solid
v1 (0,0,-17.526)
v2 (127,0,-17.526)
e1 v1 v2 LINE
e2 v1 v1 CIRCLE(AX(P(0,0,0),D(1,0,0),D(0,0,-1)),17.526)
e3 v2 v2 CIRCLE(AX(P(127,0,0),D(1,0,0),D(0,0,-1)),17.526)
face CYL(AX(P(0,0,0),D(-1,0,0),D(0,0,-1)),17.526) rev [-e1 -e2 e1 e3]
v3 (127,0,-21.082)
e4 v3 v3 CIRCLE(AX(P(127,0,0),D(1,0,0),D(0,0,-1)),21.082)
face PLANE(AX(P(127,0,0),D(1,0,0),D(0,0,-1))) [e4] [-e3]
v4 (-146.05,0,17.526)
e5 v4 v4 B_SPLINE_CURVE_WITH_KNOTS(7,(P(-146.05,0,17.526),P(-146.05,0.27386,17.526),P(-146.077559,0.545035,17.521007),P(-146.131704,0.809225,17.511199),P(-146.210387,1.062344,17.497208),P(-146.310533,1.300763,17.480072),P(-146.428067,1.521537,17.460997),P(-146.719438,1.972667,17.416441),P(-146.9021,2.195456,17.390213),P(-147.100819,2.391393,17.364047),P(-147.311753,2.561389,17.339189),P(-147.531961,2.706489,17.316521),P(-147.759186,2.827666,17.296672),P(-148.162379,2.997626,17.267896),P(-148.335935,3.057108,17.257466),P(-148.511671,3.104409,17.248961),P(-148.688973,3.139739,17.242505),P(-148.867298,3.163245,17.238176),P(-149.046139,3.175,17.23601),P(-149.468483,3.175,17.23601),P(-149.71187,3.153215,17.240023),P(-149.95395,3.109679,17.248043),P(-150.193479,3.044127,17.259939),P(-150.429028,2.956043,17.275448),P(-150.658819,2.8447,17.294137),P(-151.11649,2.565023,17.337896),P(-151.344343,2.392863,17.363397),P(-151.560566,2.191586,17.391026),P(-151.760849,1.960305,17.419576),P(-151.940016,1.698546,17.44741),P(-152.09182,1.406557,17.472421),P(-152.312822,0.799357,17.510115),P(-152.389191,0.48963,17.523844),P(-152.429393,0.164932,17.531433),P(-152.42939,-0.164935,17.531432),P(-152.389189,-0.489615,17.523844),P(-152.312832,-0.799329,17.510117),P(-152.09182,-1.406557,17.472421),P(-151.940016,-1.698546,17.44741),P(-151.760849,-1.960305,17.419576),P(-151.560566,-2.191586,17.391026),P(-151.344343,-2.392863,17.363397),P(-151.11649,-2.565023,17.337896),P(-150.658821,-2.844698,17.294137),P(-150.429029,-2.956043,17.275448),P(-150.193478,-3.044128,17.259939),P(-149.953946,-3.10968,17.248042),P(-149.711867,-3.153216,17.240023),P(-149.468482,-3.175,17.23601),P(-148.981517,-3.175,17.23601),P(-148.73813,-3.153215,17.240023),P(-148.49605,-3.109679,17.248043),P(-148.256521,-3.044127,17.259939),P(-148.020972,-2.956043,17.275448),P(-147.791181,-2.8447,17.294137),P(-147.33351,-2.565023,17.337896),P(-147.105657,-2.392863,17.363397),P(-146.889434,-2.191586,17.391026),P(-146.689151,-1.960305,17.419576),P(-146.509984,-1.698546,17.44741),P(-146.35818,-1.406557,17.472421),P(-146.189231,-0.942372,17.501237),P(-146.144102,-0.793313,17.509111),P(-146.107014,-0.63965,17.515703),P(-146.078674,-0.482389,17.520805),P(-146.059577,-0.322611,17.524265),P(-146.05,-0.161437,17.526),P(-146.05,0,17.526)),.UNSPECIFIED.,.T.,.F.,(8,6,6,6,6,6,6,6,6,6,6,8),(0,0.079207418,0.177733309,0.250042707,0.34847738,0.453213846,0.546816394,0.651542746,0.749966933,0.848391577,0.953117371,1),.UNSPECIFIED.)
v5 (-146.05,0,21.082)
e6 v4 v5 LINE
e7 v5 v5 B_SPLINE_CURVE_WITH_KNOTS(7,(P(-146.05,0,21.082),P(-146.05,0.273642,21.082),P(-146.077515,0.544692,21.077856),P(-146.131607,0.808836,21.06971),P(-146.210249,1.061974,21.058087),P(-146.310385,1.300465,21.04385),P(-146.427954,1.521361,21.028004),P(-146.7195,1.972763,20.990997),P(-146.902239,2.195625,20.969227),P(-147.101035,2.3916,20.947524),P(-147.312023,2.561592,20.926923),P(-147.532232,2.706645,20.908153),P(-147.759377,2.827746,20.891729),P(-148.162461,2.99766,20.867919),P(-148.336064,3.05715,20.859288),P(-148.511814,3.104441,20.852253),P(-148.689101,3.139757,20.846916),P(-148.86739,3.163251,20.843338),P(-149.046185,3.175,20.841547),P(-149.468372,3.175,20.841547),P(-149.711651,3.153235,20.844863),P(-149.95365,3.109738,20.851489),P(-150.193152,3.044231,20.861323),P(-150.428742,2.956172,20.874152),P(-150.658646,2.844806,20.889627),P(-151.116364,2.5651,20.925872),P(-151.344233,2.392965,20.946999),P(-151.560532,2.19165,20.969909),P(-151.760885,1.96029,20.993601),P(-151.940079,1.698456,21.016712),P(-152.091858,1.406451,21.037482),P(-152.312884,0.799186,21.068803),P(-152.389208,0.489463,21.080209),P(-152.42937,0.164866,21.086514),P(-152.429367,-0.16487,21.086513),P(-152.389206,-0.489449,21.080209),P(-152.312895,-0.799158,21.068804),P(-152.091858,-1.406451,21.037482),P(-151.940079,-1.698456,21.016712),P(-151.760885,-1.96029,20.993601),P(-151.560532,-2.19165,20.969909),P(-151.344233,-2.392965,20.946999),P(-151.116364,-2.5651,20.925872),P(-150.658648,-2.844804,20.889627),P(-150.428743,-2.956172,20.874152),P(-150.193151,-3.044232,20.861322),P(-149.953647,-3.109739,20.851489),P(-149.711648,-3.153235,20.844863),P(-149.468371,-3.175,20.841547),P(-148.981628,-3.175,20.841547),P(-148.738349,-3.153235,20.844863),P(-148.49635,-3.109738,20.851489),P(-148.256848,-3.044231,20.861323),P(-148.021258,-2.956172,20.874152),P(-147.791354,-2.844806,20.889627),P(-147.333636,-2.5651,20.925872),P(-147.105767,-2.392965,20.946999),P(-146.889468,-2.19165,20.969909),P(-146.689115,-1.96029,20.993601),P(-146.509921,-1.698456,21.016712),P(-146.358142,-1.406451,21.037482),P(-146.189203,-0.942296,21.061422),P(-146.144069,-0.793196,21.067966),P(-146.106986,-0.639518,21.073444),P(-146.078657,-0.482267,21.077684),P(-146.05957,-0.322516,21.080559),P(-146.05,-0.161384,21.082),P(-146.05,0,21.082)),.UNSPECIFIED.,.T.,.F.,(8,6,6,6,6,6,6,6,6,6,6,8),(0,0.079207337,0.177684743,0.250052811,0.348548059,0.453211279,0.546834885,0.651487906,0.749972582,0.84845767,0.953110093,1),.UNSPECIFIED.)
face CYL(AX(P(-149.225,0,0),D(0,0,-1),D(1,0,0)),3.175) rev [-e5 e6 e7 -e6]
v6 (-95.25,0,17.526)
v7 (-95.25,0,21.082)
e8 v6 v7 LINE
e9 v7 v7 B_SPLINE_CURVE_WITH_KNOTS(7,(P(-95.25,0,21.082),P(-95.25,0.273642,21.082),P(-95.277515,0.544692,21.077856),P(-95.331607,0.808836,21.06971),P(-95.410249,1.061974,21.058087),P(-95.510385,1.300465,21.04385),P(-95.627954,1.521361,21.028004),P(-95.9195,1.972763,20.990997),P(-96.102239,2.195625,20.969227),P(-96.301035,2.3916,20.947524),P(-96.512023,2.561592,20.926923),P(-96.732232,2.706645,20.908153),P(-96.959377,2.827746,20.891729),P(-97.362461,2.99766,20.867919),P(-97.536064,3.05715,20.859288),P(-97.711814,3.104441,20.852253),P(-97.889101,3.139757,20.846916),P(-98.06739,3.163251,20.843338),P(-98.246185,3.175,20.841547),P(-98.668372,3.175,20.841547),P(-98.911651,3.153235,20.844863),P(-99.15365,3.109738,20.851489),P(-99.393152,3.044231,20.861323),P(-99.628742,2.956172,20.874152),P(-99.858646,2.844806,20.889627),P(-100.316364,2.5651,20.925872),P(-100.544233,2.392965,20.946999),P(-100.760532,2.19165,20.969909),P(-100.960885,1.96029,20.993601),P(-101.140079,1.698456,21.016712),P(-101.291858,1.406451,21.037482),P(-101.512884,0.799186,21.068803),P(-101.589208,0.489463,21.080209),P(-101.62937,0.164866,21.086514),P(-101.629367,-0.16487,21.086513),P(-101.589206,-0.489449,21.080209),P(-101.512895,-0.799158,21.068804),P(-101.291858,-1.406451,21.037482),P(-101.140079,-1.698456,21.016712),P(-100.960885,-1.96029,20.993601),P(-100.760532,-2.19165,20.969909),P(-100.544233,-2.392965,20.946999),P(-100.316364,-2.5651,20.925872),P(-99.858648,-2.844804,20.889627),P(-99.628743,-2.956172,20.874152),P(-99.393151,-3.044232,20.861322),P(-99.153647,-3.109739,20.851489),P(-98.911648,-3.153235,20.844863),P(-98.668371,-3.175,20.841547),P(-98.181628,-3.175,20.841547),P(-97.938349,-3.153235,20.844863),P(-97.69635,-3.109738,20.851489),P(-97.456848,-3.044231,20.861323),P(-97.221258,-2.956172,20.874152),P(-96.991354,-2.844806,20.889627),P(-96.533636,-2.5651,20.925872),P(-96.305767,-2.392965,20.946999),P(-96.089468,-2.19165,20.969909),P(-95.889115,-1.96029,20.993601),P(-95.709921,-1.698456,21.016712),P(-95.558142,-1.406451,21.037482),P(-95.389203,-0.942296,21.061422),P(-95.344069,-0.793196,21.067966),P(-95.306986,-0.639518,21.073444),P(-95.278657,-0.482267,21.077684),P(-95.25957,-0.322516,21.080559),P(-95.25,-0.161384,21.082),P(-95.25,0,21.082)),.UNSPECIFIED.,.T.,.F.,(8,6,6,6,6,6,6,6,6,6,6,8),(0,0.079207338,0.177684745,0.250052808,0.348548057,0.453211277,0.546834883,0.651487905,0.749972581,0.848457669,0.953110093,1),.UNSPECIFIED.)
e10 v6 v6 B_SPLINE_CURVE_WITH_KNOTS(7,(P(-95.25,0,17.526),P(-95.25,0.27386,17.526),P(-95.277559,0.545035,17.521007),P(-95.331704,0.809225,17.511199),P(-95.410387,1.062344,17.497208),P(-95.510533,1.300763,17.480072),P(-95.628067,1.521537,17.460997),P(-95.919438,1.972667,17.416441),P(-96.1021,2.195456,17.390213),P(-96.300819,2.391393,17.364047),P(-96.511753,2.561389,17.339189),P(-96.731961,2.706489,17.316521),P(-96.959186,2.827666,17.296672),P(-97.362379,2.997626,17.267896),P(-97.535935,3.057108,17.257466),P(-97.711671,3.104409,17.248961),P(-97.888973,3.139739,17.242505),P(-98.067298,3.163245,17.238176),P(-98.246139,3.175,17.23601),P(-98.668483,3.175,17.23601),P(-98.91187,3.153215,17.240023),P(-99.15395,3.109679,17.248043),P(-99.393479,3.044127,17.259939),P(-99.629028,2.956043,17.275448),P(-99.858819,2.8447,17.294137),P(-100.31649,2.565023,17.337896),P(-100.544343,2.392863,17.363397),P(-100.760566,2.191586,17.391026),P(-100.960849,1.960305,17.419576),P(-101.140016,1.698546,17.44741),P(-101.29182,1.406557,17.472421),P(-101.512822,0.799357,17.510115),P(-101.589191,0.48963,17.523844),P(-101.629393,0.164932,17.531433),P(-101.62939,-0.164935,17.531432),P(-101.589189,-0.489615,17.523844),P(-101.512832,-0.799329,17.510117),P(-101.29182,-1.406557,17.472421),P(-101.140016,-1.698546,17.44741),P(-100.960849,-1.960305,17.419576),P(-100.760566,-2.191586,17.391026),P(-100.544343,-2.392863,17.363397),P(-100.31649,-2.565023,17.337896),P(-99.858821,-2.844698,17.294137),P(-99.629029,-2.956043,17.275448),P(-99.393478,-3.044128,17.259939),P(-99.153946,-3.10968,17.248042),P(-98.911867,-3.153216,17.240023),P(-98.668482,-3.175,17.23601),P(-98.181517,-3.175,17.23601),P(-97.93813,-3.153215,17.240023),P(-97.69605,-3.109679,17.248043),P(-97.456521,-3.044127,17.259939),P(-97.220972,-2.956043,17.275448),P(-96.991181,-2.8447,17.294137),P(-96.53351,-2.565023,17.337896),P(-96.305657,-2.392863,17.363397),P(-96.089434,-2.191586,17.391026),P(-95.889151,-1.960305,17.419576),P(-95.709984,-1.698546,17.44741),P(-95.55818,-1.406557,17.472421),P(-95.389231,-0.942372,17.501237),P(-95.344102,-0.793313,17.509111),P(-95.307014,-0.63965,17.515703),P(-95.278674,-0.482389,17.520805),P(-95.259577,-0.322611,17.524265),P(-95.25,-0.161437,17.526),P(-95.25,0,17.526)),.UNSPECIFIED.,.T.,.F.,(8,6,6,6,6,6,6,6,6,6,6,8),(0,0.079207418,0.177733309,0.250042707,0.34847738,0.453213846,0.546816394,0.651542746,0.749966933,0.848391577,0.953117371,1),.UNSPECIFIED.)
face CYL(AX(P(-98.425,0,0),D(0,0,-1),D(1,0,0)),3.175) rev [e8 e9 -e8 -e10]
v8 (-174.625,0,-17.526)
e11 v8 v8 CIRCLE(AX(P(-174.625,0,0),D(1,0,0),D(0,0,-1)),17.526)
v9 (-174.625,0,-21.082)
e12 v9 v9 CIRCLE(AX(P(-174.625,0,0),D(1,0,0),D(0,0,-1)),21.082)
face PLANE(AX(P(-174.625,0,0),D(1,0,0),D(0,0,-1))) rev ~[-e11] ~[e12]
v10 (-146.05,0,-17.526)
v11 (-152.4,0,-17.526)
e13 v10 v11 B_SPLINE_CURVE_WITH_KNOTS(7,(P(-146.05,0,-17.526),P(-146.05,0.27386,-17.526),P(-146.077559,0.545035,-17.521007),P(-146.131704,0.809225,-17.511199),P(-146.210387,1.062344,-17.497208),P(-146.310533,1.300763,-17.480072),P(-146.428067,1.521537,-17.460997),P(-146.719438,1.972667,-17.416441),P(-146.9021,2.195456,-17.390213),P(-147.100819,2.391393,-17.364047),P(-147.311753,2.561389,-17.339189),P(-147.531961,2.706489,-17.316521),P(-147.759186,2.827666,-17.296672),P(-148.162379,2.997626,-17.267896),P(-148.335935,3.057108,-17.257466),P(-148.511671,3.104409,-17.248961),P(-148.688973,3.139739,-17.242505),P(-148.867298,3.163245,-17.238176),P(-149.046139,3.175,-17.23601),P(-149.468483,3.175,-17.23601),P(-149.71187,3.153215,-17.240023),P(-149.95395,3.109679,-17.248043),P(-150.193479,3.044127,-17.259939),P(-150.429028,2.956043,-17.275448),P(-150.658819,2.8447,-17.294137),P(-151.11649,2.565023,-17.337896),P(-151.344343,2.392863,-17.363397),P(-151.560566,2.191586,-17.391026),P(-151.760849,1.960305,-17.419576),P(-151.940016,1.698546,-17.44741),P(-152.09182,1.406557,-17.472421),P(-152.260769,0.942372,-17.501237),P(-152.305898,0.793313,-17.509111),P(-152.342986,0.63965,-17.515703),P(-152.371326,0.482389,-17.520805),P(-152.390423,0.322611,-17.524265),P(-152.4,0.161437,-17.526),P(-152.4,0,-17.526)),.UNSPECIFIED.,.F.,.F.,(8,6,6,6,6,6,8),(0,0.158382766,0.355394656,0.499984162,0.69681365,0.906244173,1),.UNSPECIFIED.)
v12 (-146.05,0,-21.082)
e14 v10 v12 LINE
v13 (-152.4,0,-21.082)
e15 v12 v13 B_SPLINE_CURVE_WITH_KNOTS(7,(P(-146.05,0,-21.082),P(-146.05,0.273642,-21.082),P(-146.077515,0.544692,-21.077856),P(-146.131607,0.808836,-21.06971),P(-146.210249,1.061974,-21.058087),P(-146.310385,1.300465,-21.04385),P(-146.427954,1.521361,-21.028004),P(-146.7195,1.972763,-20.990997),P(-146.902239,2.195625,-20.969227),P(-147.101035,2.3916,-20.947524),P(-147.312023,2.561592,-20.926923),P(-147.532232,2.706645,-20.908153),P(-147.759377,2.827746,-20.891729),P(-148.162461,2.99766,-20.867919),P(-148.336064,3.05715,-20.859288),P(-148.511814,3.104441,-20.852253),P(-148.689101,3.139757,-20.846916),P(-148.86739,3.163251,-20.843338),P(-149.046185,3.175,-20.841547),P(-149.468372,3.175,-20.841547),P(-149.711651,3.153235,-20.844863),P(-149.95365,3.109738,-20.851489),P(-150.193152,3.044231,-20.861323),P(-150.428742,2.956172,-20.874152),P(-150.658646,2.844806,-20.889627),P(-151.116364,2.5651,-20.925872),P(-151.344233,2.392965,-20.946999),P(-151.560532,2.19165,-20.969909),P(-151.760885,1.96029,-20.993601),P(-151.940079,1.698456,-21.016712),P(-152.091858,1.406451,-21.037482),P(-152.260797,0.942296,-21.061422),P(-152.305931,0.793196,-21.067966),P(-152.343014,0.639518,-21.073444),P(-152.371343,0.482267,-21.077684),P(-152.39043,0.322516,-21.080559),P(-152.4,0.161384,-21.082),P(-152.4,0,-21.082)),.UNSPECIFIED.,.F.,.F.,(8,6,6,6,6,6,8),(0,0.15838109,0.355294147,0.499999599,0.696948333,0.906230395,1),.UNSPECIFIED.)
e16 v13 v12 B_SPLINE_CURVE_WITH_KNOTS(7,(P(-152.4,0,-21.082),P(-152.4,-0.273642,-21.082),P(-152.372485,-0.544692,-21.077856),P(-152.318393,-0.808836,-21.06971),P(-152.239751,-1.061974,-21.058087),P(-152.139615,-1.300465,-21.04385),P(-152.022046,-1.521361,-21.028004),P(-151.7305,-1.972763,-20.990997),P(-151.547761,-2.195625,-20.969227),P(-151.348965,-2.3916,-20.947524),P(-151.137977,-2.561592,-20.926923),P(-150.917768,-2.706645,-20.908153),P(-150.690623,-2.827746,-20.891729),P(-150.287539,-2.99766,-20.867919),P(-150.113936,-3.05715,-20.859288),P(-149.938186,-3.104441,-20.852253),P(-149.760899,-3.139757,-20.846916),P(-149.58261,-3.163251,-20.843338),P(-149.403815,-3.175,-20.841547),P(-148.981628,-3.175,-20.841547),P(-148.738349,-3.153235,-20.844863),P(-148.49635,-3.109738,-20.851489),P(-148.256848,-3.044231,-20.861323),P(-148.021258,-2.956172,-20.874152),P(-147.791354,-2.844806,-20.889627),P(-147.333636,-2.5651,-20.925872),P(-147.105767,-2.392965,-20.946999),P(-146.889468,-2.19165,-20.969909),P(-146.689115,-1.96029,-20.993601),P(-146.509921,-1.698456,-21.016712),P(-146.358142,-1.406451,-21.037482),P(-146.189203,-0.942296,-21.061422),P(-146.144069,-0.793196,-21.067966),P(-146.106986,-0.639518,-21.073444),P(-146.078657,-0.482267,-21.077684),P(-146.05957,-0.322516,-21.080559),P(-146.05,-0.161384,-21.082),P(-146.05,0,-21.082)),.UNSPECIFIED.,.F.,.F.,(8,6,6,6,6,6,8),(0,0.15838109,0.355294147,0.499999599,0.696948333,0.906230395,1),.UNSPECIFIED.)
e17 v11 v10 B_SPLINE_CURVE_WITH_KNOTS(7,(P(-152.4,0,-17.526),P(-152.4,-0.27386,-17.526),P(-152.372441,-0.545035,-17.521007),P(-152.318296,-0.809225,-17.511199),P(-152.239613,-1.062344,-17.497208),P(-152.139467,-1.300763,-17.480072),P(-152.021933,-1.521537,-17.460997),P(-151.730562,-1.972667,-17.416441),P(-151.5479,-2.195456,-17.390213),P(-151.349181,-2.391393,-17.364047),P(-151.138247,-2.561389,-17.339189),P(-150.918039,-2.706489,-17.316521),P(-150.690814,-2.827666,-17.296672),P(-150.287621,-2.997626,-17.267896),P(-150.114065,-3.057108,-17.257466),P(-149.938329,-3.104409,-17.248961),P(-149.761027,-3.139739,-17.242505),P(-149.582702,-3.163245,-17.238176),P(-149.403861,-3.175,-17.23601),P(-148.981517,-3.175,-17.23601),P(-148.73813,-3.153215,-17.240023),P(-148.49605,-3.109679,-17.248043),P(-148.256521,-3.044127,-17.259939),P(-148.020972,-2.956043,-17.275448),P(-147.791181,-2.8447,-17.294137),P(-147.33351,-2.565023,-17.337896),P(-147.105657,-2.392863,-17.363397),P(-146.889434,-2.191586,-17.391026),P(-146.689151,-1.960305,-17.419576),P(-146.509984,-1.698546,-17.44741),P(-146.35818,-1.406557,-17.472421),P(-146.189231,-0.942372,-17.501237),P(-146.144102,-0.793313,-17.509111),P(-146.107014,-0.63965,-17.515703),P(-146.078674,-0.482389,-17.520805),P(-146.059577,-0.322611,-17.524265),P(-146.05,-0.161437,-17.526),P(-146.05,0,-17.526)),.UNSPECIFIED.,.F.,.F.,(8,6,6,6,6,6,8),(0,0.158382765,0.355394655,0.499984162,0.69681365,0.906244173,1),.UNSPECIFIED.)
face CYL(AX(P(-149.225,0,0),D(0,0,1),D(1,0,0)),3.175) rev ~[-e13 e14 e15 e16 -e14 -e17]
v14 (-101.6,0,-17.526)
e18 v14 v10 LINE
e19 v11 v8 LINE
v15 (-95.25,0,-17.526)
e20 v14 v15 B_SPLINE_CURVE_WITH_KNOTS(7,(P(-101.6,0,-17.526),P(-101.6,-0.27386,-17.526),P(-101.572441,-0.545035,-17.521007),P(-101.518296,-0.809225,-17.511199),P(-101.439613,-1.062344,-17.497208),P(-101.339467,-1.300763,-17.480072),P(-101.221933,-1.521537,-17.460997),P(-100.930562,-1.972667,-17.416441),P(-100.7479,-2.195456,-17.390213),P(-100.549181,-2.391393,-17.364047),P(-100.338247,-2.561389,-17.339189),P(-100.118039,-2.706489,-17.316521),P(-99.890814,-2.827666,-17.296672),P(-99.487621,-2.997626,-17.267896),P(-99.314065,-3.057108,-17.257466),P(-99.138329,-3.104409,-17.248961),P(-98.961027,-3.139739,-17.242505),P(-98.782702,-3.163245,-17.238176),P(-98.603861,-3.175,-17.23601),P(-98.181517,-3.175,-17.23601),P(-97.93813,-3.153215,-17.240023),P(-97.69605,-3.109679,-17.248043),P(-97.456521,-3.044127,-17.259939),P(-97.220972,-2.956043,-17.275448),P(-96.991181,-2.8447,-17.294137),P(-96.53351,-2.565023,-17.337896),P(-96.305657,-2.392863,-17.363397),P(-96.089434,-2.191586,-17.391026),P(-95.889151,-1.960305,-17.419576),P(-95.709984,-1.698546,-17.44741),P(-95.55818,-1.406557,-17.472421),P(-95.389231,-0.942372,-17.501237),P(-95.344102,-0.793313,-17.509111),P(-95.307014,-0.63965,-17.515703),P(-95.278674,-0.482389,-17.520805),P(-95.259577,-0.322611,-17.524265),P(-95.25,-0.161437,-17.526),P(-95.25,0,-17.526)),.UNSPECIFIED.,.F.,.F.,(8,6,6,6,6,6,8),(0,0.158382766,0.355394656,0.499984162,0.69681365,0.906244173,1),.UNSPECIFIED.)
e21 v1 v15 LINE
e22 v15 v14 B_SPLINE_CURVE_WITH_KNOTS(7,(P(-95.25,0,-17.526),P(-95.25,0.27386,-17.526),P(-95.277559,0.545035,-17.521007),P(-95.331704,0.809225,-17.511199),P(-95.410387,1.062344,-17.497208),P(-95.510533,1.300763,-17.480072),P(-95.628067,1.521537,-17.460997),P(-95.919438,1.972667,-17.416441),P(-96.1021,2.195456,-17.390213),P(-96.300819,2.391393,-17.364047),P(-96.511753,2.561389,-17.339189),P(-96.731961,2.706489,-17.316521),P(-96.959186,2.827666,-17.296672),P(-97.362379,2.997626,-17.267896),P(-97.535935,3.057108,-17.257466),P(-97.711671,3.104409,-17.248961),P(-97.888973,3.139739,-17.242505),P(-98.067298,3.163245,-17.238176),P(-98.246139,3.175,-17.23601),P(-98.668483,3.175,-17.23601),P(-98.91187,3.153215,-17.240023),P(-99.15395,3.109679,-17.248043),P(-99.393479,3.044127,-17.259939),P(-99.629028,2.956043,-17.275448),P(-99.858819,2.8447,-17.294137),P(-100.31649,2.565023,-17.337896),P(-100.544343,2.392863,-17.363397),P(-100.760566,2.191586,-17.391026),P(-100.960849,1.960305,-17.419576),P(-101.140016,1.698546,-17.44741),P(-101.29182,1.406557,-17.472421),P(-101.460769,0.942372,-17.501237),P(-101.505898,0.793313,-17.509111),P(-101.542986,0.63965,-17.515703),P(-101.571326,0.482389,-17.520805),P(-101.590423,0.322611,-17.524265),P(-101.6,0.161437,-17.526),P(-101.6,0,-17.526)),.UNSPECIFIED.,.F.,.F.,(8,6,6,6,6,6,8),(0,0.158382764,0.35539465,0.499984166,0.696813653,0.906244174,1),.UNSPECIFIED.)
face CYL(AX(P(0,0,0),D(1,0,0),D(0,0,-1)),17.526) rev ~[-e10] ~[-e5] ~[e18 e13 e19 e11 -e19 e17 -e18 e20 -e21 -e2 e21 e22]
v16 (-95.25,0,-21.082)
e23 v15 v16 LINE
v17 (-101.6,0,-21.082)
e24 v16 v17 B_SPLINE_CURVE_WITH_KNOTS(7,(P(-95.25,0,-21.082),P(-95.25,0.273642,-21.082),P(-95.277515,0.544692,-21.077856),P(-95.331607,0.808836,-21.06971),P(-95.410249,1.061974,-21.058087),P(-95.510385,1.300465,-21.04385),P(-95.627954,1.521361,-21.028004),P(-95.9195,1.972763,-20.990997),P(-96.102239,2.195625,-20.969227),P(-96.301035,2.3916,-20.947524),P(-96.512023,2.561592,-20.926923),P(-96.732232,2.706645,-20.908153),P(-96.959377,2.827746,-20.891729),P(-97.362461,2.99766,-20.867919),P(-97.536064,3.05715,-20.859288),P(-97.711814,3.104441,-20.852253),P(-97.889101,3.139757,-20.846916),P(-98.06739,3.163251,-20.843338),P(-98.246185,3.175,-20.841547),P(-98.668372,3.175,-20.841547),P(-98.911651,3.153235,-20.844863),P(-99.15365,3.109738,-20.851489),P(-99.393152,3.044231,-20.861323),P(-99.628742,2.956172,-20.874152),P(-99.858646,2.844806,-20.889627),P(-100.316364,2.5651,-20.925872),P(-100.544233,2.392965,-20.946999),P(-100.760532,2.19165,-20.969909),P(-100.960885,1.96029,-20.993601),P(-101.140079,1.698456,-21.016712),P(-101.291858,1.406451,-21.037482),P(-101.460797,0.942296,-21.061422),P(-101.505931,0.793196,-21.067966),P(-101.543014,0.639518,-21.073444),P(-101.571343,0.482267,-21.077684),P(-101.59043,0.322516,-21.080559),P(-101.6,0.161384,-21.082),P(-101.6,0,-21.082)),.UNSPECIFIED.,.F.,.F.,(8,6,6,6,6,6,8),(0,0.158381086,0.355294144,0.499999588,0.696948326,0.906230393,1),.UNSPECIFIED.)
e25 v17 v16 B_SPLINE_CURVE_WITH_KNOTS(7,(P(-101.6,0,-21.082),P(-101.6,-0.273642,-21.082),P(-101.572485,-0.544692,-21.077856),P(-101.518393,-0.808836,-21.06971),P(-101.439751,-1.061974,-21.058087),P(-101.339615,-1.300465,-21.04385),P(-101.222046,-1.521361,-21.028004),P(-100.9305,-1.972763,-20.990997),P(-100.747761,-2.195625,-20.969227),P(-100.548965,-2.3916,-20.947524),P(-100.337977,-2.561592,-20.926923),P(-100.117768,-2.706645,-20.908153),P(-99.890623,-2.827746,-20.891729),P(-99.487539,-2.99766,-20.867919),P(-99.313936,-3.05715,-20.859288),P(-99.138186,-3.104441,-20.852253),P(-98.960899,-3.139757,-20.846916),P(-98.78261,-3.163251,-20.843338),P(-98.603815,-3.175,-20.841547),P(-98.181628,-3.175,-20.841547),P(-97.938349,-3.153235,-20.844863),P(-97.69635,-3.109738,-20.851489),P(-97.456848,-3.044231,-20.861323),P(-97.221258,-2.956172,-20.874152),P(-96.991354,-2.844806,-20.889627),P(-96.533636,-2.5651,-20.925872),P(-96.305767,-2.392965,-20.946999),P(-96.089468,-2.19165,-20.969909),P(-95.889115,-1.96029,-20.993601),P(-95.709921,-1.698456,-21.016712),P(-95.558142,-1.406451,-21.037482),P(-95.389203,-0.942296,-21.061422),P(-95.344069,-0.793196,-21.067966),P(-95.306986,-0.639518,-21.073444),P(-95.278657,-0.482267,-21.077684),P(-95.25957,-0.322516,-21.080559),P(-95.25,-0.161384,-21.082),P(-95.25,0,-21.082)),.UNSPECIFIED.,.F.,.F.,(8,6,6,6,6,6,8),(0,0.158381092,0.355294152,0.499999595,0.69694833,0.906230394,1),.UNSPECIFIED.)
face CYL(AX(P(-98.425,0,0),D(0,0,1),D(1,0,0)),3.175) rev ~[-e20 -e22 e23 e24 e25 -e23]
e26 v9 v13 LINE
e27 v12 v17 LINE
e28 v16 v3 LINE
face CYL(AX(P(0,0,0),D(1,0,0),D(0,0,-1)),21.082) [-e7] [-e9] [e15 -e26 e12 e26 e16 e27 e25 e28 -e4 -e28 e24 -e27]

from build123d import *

# Parameters (mm, degrees)
SKETCH1_R                = 21.082
SKETCH1_R_2              = 17.526
BOSS_EXTRUDE1_DEPTH      = 127
BOSS_EXTRUDE1_DEPTH_BACK = 174.625
SKETCH2_R                = 3.175
CUT_EXTRUDE1_DEPTH       = 22.082
CUT_EXTRUDE1_DEPTH_BACK  = 22.082


with BuildPart() as part:
    # Sketch1 → Boss-Extrude1 (new body, two sides)
    with BuildSketch(Plane(origin=(0, 0, 0), x_dir=(0, 0, -1), z_dir=(1, 0, 0))) as boss_extrude1_sk:
        Circle(SKETCH1_R)
        Circle(SKETCH1_R_2, mode=Mode.SUBTRACT)
    extrude(amount=BOSS_EXTRUDE1_DEPTH)
    extrude(boss_extrude1_sk.sketch, amount=-BOSS_EXTRUDE1_DEPTH_BACK)

    # Sketch2 → Cut-Extrude1 (cut, two sides)
    with BuildSketch(Plane.XY) as cut_extrude1_sk:
        with Locations((-98.425, 0)):
            Circle(SKETCH2_R)
        with Locations((-149.225, 0)):
            Circle(SKETCH2_R)
    extrude(amount=CUT_EXTRUDE1_DEPTH, mode=Mode.SUBTRACT)
    extrude(cut_extrude1_sk.sketch, amount=-CUT_EXTRUDE1_DEPTH_BACK, mode=Mode.SUBTRACT)


solid = part.part
